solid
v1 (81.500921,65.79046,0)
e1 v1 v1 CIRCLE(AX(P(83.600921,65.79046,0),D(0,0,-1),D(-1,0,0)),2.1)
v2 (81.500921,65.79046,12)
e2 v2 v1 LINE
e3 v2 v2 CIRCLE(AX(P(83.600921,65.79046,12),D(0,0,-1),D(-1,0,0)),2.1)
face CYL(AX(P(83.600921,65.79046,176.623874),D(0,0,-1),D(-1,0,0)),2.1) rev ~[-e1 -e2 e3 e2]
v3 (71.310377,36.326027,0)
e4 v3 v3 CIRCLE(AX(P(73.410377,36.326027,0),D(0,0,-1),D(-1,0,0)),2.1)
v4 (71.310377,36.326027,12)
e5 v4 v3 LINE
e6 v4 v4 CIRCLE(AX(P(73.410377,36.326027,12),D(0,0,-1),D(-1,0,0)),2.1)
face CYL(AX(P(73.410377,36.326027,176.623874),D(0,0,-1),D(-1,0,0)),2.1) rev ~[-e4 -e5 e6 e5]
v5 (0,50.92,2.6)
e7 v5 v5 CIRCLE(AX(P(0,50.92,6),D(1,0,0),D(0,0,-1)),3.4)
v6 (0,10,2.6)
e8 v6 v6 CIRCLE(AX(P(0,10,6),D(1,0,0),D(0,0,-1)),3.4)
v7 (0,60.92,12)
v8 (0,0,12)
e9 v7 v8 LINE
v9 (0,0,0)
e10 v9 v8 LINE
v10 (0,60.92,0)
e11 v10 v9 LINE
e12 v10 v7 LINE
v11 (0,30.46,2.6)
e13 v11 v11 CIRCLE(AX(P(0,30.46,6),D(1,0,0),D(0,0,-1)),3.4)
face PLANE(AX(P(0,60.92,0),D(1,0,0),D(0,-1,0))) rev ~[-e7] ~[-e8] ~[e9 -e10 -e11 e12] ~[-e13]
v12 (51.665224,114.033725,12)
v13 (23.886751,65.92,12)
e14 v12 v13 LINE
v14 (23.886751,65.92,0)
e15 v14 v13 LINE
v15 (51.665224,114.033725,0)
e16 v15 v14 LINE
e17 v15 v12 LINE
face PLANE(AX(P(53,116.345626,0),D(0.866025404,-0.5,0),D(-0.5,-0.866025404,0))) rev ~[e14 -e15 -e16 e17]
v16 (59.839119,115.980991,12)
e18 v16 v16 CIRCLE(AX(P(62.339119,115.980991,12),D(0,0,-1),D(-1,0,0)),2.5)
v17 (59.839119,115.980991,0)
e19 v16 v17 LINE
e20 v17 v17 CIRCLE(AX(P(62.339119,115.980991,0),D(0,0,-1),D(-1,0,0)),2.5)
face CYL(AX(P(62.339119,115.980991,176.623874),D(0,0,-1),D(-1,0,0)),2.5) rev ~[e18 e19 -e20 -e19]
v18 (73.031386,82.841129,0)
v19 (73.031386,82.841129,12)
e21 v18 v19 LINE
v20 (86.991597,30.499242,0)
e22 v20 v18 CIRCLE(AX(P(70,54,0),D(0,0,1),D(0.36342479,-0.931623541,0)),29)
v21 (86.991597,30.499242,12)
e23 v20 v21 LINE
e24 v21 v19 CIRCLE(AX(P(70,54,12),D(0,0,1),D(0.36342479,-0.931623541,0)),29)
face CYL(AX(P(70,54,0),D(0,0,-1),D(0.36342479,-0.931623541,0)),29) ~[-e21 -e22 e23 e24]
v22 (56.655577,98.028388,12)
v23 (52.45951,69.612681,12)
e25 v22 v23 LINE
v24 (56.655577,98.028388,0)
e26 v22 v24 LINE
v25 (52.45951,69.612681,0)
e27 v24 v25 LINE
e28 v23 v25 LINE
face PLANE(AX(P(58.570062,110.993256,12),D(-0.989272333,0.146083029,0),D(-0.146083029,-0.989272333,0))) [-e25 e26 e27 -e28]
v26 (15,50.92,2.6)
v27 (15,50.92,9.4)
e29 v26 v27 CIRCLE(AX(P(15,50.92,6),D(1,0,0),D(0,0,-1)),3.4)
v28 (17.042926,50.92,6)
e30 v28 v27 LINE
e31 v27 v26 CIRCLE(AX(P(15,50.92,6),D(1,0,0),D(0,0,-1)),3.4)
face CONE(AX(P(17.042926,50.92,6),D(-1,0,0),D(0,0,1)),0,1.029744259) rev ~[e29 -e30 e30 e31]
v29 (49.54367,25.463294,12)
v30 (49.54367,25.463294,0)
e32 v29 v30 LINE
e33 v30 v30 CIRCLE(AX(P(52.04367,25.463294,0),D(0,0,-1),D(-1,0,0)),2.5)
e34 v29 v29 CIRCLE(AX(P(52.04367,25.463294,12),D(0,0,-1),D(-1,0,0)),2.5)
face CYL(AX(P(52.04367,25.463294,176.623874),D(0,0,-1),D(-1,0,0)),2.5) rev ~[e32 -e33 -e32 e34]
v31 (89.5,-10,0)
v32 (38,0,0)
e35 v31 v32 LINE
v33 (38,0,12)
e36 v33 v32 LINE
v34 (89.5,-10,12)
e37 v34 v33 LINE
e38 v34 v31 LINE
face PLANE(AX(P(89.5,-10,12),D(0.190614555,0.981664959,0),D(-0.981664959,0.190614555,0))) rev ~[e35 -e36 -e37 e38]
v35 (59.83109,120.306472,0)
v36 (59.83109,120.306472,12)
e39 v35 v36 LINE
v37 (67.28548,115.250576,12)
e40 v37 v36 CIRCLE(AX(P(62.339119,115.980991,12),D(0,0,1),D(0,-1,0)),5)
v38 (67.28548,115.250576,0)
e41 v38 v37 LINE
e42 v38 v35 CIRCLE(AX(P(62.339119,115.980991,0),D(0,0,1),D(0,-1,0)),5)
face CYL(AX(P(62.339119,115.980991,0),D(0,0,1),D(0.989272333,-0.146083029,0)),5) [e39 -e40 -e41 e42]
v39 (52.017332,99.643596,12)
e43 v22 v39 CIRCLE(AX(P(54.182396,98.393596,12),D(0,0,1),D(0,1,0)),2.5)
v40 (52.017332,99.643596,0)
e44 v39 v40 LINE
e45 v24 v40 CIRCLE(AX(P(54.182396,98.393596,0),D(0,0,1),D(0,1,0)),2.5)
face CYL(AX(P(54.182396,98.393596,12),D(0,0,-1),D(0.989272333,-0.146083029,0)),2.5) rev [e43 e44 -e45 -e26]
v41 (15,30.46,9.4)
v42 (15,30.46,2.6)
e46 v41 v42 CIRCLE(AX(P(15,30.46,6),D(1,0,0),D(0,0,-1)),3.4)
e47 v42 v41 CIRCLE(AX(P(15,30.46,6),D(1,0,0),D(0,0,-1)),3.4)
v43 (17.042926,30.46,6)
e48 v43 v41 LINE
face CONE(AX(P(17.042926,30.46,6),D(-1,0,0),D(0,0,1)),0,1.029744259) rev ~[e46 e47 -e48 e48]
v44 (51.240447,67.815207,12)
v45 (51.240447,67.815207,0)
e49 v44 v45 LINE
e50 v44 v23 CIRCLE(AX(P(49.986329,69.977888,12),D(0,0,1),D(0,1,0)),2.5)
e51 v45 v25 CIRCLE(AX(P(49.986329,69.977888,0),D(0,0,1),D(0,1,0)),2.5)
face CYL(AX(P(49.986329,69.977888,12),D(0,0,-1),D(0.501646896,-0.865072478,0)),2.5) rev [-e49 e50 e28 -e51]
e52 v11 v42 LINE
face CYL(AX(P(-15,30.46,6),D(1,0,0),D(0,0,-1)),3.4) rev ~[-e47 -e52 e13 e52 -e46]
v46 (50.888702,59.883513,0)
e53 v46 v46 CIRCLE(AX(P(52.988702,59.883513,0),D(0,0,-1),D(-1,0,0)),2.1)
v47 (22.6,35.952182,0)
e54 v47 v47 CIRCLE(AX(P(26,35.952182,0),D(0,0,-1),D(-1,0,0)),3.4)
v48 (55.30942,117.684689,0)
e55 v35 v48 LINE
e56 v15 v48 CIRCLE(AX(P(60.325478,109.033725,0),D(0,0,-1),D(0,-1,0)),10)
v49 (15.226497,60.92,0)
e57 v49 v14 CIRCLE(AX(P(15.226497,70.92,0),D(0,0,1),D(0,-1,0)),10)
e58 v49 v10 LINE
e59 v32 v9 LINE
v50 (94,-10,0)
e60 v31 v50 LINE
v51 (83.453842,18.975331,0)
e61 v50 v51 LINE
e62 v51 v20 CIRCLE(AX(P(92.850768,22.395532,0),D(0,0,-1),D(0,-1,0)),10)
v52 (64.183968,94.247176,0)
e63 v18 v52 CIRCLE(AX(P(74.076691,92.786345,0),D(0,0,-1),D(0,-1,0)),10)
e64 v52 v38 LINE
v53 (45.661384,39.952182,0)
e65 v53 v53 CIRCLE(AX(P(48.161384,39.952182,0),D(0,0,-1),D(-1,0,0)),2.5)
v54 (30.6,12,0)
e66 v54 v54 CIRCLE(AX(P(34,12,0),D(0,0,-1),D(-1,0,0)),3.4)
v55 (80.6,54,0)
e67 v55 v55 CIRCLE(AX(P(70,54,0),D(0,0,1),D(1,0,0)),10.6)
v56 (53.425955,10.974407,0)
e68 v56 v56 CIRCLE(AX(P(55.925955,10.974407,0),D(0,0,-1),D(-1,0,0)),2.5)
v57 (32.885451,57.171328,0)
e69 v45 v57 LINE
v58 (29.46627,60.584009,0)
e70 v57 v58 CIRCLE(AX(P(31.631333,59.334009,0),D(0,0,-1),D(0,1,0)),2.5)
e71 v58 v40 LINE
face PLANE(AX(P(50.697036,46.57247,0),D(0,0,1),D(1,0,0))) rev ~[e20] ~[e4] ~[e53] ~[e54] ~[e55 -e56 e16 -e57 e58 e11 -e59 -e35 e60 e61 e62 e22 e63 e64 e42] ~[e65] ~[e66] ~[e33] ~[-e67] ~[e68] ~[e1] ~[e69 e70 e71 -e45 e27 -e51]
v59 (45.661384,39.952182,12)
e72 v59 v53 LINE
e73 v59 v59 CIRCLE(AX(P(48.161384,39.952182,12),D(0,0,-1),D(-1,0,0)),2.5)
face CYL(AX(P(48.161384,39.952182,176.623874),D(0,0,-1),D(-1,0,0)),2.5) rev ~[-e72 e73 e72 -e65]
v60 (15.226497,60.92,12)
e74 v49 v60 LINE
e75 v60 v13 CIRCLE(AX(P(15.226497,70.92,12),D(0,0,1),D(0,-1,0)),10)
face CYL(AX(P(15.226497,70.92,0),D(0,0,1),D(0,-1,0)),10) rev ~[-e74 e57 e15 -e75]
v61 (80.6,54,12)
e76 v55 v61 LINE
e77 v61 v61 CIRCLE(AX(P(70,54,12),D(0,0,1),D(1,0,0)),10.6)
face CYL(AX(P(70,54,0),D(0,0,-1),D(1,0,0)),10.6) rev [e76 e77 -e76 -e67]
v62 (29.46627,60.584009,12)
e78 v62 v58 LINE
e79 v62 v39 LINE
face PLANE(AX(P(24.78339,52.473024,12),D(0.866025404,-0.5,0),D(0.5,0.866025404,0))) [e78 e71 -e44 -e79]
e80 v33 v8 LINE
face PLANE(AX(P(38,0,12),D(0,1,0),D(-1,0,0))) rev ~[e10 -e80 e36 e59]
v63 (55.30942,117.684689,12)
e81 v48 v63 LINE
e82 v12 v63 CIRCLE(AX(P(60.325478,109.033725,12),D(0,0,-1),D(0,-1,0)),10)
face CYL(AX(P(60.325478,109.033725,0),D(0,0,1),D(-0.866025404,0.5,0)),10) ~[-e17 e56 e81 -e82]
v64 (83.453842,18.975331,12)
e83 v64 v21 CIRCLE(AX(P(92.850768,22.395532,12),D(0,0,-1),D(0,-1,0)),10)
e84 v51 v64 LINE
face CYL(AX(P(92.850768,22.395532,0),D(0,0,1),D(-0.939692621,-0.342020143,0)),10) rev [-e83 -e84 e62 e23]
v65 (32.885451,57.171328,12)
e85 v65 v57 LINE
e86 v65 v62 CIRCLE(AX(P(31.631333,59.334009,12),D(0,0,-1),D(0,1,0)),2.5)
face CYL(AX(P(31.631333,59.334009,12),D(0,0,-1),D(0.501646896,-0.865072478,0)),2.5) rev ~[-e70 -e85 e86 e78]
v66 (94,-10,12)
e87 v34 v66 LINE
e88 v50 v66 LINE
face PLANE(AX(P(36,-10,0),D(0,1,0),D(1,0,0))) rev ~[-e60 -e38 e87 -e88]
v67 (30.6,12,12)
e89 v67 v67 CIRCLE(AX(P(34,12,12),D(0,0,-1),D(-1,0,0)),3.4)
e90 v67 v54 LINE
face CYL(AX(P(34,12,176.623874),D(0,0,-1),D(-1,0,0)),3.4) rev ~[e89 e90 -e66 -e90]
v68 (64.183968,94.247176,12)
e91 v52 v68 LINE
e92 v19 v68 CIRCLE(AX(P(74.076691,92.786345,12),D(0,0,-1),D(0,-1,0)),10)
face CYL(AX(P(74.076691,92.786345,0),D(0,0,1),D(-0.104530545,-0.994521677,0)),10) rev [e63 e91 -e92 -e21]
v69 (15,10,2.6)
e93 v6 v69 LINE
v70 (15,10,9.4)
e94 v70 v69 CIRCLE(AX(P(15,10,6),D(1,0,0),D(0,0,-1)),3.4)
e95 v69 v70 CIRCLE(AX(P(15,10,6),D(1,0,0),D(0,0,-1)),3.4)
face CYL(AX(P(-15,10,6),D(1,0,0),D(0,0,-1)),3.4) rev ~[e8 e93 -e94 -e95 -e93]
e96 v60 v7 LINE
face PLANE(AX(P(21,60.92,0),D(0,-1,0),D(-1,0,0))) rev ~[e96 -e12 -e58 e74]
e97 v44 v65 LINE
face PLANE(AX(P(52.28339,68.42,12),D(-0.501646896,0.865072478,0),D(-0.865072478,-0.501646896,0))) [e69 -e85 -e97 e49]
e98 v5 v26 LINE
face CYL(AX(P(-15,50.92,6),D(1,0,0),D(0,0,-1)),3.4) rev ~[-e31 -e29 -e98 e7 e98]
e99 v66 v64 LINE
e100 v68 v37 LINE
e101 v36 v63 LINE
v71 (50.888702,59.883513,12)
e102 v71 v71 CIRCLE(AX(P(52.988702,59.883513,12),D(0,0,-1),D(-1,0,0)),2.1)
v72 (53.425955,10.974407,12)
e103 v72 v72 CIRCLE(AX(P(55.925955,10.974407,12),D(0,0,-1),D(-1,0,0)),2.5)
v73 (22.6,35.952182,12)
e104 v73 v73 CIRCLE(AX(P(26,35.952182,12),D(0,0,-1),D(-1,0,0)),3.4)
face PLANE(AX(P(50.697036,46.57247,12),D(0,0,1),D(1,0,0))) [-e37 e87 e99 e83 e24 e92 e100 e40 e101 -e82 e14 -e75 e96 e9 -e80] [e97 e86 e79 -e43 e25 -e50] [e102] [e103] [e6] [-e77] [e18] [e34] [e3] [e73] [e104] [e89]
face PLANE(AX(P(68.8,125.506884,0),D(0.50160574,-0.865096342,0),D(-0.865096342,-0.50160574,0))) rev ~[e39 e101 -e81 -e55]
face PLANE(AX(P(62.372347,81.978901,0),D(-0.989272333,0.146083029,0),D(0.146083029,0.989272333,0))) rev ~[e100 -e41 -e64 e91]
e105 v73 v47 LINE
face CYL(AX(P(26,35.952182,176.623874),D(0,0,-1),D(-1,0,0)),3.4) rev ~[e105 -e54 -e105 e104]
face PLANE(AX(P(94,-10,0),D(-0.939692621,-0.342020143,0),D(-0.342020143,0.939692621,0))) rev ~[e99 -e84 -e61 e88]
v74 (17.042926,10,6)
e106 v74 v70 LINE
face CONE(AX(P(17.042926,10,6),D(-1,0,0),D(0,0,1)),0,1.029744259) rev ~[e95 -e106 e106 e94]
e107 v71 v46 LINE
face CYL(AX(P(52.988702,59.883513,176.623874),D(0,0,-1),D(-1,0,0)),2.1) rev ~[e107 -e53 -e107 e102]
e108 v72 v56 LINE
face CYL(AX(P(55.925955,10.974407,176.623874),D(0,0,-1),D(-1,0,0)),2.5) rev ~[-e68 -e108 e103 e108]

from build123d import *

# Parameters (mm, degrees)
ESBO_O1_R                                   = 10.6
RESSALTO_EXTRUS_O1_DEPTH                    = 12
FILETE1_R                                   = 10
CORTE_EXTRUS_O1_DEPTH                       = 161.30276936
FILETE3_R                                   = 2.5
CORTE_EXTRUS_O2_DEPTH                       = 161.30276936
BROCA_DE_ROSQUEAR_PARA_TARRAXA_DE_M81_D     = 6.8
BROCA_DE_ROSQUEAR_PARA_TARRAXA_DE_M81_DEPTH = 15
BROCA_DE_ROSQUEAR_PARA_TARRAXA_DE_M81_TIP   = 2.042926105
FILETE6_R                                   = 10
FILETE7_R                                   = 5
BROCA_DE_ROSQUEAR_PARA_TARRAXA_DE_M61_D     = 5
BROCA_DE_ROSQUEAR_PARA_TARRAXA_DE_M82_D     = 6.8
BROCA_DE_ROSQUEAR_PARA_TARRAXA_DE_M51_D     = 4.2
BROCA_DE_ROSQUEAR_PARA_TARRAXA_DE_M62_D     = 5


with BuildPart() as part:
    # Esboço1 → Ressalto-extrusão1 (new body)
    with BuildSketch(Plane.XY):
        with BuildLine():
            Line((0, 0), (36, 0))
            Line((36, 0), (36, -10))
            Line((36, -10), (94, -10))
            Line((94, -10), (80.53931892, 26.982917317))
            ThreePointArc((80.53931892, 26.982917317), (97.53650317, 63.096207626), (62.372346743, 81.978901083))
            Line((62.372346743, 81.978901083), (68.8, 125.506883733))
            Line((68.8, 125.506883733), (53, 116.345625842))
            Line((53, 116.345625842), (21, 60.92))
            Line((21, 60.92), (0, 60.92))
            Line((0, 60.92), (0, 0))
        make_face()
        with Locations((70, 54)):
            Circle(ESBO_O1_R, mode=Mode.SUBTRACT)
    extrude(amount=RESSALTO_EXTRUS_O1_DEPTH)

    # Filete1
    filete1_edges = [part.edges().sort_by_distance(p)[0] for p in [
        (21, 60.92, 6),
        (53, 116.345625842, 6),
        (62.372346743, 81.978901083, 6),
    ]]
    fillet(filete1_edges, radius=FILETE1_R)

    # Esboço2 → Corte-extrusão1 (cut, through all)
    with BuildSketch(Plane.XY.offset(12)):
        Polygon((24.783390445, 52.473024476), (58.570061959, 110.993256157), (52.283390445, 68.42), align=None)
    extrude(amount=-CORTE_EXTRUS_O1_DEPTH, mode=Mode.SUBTRACT)

    # Filete3
    filete3_edges = [part.edges().sort_by_distance(p)[0] for p in [
        (52.283390445, 68.42, 6),
        (24.783390445, 52.473024476, 6),
        (58.570061959, 110.993256157, 6),
    ]]
    fillet(filete3_edges, radius=FILETE3_R)

    # Esboço8 → Corte-extrusão2 (cut, through all)
    with BuildSketch(Plane.XY.offset(12)):
        Polygon((89.5, -10), (38, 0), (36, 0), (36, -10), align=None)
    extrude(amount=-CORTE_EXTRUS_O2_DEPTH, mode=Mode.SUBTRACT)

    # Broca de rosquear para tarraxa de M81
    with Locations(Plane.ZY):
        with Locations((6, 50.92), (6, 30.46), (6, 10)):
            Hole(BROCA_DE_ROSQUEAR_PARA_TARRAXA_DE_M81_D / 2, depth=BROCA_DE_ROSQUEAR_PARA_TARRAXA_DE_M81_DEPTH)
            with Locations((0, 0, -(BROCA_DE_ROSQUEAR_PARA_TARRAXA_DE_M81_DEPTH + BROCA_DE_ROSQUEAR_PARA_TARRAXA_DE_M81_TIP / 2))):  # 118° drill point
                Cone(0, BROCA_DE_ROSQUEAR_PARA_TARRAXA_DE_M81_D / 2, BROCA_DE_ROSQUEAR_PARA_TARRAXA_DE_M81_TIP, mode=Mode.SUBTRACT)

    # Filete6
    filete6_edges = [part.edges().sort_by_distance(p)[0] for p in [
        (80.53931892, 26.982917317, 6),
    ]]
    fillet(filete6_edges, radius=FILETE6_R)

    # Filete7
    filete7_edges = [part.edges().sort_by_distance(p)[0] for p in [
        (68.8, 125.506883733, 6),
    ]]
    fillet(filete7_edges, radius=FILETE7_R)

    # Broca de rosquear para tarraxa de M61 (through all)
    with Locations(Plane.XY.offset(12)):
        with Locations((48.161384096, 39.952181527), (52.043669773, 25.463294133), (55.925955449, 10.974406739)):
            Hole(BROCA_DE_ROSQUEAR_PARA_TARRAXA_DE_M61_D / 2)

    # Broca de rosquear para tarraxa de M82 (through all)
    with Locations(Plane.XY.offset(12)):
        with Locations((26, 35.952181527), (34, 12)):
            Hole(BROCA_DE_ROSQUEAR_PARA_TARRAXA_DE_M82_D / 2)

    # Broca de rosquear para tarraxa de M51 (through all)
    with Locations(Plane.XY.offset(12)):
        with Locations((83.600921147, 65.790459871), (73.410377197, 36.326026837), (52.988701656, 59.883513293)):
            Hole(BROCA_DE_ROSQUEAR_PARA_TARRAXA_DE_M51_D / 2)

    # Broca de rosquear para tarraxa de M62 (through all)
    with Locations(Plane.XY.offset(12)):
        with Locations((62.339118507, 115.980990674)):
            Hole(BROCA_DE_ROSQUEAR_PARA_TARRAXA_DE_M62_D / 2)


solid = part.part
